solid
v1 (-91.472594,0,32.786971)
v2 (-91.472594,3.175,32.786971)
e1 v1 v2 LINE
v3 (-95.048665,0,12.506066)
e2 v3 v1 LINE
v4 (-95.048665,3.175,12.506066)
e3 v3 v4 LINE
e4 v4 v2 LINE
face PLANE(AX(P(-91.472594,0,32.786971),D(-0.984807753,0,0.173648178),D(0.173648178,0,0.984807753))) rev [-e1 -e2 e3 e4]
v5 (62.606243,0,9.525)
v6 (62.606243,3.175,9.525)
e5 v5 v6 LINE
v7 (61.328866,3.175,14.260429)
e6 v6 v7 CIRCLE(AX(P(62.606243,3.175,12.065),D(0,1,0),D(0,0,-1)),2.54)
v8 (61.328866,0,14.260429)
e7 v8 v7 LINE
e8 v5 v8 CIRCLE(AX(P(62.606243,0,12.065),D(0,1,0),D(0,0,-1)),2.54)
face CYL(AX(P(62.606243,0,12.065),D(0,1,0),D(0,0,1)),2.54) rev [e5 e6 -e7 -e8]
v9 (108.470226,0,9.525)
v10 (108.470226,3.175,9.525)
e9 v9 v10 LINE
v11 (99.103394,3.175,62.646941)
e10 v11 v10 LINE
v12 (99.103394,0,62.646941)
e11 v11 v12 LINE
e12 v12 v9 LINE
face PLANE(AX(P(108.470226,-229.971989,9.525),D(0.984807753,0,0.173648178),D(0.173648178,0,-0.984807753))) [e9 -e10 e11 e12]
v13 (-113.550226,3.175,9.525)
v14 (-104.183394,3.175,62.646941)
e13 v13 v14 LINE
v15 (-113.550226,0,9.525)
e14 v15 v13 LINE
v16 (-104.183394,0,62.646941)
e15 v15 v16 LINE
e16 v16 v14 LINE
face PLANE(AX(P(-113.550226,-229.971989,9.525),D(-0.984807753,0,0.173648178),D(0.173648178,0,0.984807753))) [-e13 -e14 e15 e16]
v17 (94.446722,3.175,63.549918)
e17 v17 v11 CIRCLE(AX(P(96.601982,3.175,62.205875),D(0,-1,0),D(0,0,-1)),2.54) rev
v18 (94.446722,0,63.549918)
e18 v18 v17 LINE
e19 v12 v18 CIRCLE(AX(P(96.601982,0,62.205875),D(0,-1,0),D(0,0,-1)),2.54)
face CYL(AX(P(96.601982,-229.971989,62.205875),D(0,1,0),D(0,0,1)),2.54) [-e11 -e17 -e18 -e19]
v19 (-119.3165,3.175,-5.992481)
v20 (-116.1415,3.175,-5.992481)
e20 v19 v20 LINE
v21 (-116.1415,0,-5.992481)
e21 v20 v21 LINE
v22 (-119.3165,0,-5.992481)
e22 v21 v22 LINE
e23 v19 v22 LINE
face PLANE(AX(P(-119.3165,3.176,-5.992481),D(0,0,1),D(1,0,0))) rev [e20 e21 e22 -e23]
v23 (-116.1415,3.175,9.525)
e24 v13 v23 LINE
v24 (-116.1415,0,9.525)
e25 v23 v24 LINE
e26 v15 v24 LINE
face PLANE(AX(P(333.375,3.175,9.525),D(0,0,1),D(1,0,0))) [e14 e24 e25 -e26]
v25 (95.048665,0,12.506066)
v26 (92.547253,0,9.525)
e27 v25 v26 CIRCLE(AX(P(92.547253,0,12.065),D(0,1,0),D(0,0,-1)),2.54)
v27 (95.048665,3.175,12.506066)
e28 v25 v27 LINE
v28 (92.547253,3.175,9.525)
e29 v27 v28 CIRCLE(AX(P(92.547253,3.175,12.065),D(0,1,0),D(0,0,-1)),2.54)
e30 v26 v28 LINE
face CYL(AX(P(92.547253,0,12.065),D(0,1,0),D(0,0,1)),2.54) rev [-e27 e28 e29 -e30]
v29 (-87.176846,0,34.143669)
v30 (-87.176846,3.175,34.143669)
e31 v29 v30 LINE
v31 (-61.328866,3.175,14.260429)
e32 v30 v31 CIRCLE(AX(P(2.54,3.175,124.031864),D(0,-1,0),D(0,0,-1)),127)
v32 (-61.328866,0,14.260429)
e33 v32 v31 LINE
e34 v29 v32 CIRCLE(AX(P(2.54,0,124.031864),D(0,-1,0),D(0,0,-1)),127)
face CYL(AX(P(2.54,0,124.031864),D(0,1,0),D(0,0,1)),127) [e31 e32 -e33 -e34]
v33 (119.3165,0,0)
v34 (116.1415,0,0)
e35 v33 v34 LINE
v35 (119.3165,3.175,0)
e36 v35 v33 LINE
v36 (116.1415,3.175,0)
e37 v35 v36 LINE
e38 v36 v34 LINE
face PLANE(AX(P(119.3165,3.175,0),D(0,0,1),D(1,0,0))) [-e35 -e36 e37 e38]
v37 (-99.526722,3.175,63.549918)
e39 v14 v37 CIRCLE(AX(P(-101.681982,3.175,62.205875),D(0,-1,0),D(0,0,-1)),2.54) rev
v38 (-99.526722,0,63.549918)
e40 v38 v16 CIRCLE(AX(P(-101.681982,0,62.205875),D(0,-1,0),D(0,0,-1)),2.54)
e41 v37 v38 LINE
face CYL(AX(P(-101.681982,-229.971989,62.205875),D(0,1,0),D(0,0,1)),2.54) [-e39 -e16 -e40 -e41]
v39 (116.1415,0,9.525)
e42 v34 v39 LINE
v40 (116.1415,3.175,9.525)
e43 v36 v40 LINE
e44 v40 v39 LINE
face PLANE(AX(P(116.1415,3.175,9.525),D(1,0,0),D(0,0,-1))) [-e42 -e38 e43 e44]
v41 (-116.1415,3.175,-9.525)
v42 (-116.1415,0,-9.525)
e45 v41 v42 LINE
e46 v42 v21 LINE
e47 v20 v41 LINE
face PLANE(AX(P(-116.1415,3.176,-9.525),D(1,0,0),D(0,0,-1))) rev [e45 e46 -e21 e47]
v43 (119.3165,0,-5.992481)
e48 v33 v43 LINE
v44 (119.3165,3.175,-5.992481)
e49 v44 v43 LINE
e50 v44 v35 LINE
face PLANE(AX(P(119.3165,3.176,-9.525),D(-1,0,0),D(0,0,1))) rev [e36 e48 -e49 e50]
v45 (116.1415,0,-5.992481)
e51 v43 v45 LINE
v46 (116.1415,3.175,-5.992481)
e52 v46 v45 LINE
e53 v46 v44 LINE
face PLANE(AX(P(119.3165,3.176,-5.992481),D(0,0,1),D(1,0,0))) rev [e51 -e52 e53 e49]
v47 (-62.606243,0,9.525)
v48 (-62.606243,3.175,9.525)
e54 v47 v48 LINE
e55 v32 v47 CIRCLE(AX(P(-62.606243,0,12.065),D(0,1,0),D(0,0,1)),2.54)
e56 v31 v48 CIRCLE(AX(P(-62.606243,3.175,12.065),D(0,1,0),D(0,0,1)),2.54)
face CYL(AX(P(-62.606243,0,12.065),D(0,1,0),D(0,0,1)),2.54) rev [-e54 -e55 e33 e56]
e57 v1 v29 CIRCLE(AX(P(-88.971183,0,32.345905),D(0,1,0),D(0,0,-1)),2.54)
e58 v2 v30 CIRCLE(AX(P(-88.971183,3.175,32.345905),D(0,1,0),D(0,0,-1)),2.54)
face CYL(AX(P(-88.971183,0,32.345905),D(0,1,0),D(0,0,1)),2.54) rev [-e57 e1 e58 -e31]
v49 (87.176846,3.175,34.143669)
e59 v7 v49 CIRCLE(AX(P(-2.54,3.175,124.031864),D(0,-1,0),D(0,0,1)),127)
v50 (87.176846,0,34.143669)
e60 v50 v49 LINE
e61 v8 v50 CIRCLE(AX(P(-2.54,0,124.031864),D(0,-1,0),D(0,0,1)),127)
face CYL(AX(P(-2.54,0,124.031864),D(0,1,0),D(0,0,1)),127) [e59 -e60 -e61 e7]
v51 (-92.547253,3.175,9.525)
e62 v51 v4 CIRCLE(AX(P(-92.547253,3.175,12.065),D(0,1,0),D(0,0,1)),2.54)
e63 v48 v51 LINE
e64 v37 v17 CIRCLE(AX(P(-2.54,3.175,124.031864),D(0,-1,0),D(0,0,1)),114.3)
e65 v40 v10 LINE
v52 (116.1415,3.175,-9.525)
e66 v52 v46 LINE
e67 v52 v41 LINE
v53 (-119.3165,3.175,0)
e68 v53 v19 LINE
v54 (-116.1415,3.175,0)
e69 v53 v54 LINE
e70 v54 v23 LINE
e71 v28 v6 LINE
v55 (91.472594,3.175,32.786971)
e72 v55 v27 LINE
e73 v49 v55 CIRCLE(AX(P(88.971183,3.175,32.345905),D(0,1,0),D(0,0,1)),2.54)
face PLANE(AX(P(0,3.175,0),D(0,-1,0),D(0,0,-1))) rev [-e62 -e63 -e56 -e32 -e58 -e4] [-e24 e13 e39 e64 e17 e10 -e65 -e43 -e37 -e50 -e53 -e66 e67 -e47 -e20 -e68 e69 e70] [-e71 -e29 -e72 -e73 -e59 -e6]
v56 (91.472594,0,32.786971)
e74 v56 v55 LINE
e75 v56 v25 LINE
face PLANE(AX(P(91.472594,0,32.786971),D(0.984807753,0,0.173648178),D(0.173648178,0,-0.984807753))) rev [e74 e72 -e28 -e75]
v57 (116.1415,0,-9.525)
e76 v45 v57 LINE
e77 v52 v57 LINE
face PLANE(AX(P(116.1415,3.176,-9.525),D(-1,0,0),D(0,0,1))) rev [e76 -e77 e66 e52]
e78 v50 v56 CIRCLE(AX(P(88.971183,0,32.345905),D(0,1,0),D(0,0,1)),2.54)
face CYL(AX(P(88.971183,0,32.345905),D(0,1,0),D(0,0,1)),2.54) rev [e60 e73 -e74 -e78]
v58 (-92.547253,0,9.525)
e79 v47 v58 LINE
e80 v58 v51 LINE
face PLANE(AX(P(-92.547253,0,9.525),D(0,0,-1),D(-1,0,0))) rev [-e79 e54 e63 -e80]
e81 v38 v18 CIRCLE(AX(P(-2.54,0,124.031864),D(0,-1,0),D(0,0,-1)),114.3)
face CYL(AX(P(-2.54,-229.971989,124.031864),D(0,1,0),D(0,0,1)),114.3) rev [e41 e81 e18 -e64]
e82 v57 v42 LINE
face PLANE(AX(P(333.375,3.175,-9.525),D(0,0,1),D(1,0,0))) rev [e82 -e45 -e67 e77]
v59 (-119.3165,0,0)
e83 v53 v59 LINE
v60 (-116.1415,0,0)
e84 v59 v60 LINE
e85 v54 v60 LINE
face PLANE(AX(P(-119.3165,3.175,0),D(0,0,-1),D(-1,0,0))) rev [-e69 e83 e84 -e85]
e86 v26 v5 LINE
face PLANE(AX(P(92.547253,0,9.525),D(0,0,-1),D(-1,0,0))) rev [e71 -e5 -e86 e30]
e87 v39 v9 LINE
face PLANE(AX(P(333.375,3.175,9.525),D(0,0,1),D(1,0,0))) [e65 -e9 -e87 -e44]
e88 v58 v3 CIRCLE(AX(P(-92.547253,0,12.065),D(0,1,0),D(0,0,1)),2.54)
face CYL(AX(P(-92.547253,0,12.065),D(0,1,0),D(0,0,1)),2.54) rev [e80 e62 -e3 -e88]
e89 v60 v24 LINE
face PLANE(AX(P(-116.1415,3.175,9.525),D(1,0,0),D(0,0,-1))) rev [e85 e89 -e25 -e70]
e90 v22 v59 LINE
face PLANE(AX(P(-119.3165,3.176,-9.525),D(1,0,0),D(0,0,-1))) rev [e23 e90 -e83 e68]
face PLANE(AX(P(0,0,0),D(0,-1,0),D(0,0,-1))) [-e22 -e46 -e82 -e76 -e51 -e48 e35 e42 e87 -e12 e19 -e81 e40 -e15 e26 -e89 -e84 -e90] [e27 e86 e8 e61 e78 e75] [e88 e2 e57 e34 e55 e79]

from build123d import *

# Parameters (mm, degrees)
SKETCH1_W               = 666.75
SKETCH1_H               = 19.05
BOSS_EXTRUDE1_DEPTH     = 3.175
SKETCH2_W               = 3.175
SKETCH2_H               = 9.525
CUT_EXTRUDE2_DEPTH      = 334.526156208
TOP_BALL_SECURING_DEPTH = 3.175
FILLET2_R               = 2.54
CUT_EXTRUDE3_DEPTH      = 340.618903378
CUT_EXTRUDE8_REACH      = 341.619
SKETCH12_W              = 214.0585
SKETCH12_H              = 19.05
CUT_EXTRUDE9_REACH      = 137.789
SKETCH13_W              = 3.175
SKETCH13_H              = 3.53251897


with BuildPart() as part:
    # Sketch1 → Boss-Extrude1 (new body)
    with BuildSketch(Plane(origin=(0, 0, 0), x_dir=(1, 0, 0), z_dir=(0, 1, 0))):
        Rectangle(SKETCH1_W, SKETCH1_H)
    extrude(amount=BOSS_EXTRUDE1_DEPTH)

    # Sketch2 → Cut-Extrude2 (cut, through all)
    with BuildSketch(Plane.XZ):
        with Locations((-331.7875, 4.7625)):
            Rectangle(SKETCH2_W, SKETCH2_H)
        with Locations((-117.729, 4.7625)):
            Rectangle(SKETCH2_W, SKETCH2_H)
    cut_extrude2 = extrude(amount=-CUT_EXTRUDE2_DEPTH, mode=Mode.SUBTRACT)

    # Mirror1: Cut-Extrude2 across plane
    add(cut_extrude2.mirror(Plane(origin=(0, 0, 0), x_dir=(0, 0, 1), z_dir=(1, 0, 0))), mode=Mode.SUBTRACT)

    # Sketch3 → top ball securing (add)
    with BuildSketch(Plane(origin=(0, 3.175, 0), x_dir=(1, 0, 0), z_dir=(0, 1, 0))):
        with BuildLine():
            Line((108.470225533, -9.525), (97.899375359, -69.475270408))
            ThreePointArc((97.899375359, -69.475270408), (-2.54, -9.731863753), (-102.979375359, -69.475270408))
            Line((-102.979375359, -69.475270408), (-113.550225533, -9.525))
            Line((-113.550225533, -9.525), (108.470225533, -9.525))
        make_face()
    extrude(amount=-TOP_BALL_SECURING_DEPTH)

    # Fillet2
    fillet2_edges = [part.edges().sort_by_distance(p)[0] for p in [
        (-102.979375359, 1.5875, 69.475270408),
        (97.899375359, 1.5875, 69.475270408),
    ]]
    fillet(fillet2_edges, radius=FILLET2_R)

    # Sketch5 → Cut-Extrude3 (cut, through all)
    with BuildSketch(Plane(origin=(0, 3.175, 0), x_dir=(1, 0, 0), z_dir=(0, 1, 0))):
        with BuildLine():
            Line((-91.472594393, -32.786971326), (-95.048665129, -12.506066371))
            ThreePointArc((-95.048665129, -12.506066371), (-94.493006322, -10.432319471), (-92.547253437, -9.525))
            Line((-92.547253437, -9.525), (-62.60624334, -9.525))
            ThreePointArc((-62.60624334, -9.525), (-60.153898656, -11.403482389), (-61.32886602, -14.260428701))
            ThreePointArc((-61.32886602, -14.260428701), (-74.893704079, -23.368953639), (-87.176845785, -34.143668852))
            ThreePointArc((-87.176845785, -34.143668852), (-89.736130888, -34.767981392), (-91.472594393, -32.786971326))
        make_face()
        with BuildLine():
            Line((92.547253437, -9.525), (62.60624334, -9.525))
            ThreePointArc((62.60624334, -9.525), (60.153898656, -11.403482389), (61.32886602, -14.260428701))
            ThreePointArc((61.32886602, -14.260428701), (74.893704079, -23.368953639), (87.176845785, -34.143668852))
            ThreePointArc((87.176845785, -34.143668852), (89.736130888, -34.767981392), (91.472594393, -32.786971326))
            Line((91.472594393, -32.786971326), (95.048665129, -12.506066371))
            ThreePointArc((95.048665129, -12.506066371), (94.493006322, -10.432319471), (92.547253437, -9.525))
        make_face()
    extrude(amount=-CUT_EXTRUDE3_DEPTH, mode=Mode.SUBTRACT)

    # Sketch12 → Cut-Extrude8 (cut, up to next)
    with BuildSketch(Plane.XZ, mode=Mode.PRIVATE) as cut_extrude8_sk1:
        with Locations((226.34575, 0)):
            Rectangle(SKETCH12_W, SKETCH12_H)
    cut_extrude8_tool1 = extrude(cut_extrude8_sk1.sketch, amount=-CUT_EXTRUDE8_REACH, mode=Mode.PRIVATE) & part.part
    # Sketch12 → Cut-Extrude8 (cut, up to next)
    with BuildSketch(Plane.XZ, mode=Mode.PRIVATE) as cut_extrude8_sk2:
        with Locations((-226.34575, 0)):
            Rectangle(SKETCH12_W, SKETCH12_H)
    cut_extrude8_tool2 = extrude(cut_extrude8_sk2.sketch, amount=-CUT_EXTRUDE8_REACH, mode=Mode.PRIVATE) & part.part
    add(cut_extrude8_tool1.solids().sort_by_distance((226.34575, 0, 0))[0], mode=Mode.SUBTRACT)
    add(cut_extrude8_tool2.solids().sort_by_distance((-226.34575, 0, 0))[0], mode=Mode.SUBTRACT)

    # Sketch13 → Cut-Extrude9 (cut, up to next)
    with BuildSketch(Plane.XZ, mode=Mode.PRIVATE) as cut_extrude9_sk1:
        with Locations((117.729, -7.758740515)):
            Rectangle(SKETCH13_W, SKETCH13_H)
    cut_extrude9_tool1 = extrude(cut_extrude9_sk1.sketch, amount=-CUT_EXTRUDE9_REACH, mode=Mode.PRIVATE) & part.part
    # Sketch13 → Cut-Extrude9 (cut, up to next)
    with BuildSketch(Plane.XZ, mode=Mode.PRIVATE) as cut_extrude9_sk2:
        with Locations((-117.729, -7.758740515)):
            Rectangle(SKETCH13_W, SKETCH13_H)
    cut_extrude9_tool2 = extrude(cut_extrude9_sk2.sketch, amount=-CUT_EXTRUDE9_REACH, mode=Mode.PRIVATE) & part.part
    add(cut_extrude9_tool1.solids().sort_by_distance((117.729, 0, -7.758741))[0], mode=Mode.SUBTRACT)
    add(cut_extrude9_tool2.solids().sort_by_distance((-117.729, 0, -7.758741))[0], mode=Mode.SUBTRACT)


solid = part.part
